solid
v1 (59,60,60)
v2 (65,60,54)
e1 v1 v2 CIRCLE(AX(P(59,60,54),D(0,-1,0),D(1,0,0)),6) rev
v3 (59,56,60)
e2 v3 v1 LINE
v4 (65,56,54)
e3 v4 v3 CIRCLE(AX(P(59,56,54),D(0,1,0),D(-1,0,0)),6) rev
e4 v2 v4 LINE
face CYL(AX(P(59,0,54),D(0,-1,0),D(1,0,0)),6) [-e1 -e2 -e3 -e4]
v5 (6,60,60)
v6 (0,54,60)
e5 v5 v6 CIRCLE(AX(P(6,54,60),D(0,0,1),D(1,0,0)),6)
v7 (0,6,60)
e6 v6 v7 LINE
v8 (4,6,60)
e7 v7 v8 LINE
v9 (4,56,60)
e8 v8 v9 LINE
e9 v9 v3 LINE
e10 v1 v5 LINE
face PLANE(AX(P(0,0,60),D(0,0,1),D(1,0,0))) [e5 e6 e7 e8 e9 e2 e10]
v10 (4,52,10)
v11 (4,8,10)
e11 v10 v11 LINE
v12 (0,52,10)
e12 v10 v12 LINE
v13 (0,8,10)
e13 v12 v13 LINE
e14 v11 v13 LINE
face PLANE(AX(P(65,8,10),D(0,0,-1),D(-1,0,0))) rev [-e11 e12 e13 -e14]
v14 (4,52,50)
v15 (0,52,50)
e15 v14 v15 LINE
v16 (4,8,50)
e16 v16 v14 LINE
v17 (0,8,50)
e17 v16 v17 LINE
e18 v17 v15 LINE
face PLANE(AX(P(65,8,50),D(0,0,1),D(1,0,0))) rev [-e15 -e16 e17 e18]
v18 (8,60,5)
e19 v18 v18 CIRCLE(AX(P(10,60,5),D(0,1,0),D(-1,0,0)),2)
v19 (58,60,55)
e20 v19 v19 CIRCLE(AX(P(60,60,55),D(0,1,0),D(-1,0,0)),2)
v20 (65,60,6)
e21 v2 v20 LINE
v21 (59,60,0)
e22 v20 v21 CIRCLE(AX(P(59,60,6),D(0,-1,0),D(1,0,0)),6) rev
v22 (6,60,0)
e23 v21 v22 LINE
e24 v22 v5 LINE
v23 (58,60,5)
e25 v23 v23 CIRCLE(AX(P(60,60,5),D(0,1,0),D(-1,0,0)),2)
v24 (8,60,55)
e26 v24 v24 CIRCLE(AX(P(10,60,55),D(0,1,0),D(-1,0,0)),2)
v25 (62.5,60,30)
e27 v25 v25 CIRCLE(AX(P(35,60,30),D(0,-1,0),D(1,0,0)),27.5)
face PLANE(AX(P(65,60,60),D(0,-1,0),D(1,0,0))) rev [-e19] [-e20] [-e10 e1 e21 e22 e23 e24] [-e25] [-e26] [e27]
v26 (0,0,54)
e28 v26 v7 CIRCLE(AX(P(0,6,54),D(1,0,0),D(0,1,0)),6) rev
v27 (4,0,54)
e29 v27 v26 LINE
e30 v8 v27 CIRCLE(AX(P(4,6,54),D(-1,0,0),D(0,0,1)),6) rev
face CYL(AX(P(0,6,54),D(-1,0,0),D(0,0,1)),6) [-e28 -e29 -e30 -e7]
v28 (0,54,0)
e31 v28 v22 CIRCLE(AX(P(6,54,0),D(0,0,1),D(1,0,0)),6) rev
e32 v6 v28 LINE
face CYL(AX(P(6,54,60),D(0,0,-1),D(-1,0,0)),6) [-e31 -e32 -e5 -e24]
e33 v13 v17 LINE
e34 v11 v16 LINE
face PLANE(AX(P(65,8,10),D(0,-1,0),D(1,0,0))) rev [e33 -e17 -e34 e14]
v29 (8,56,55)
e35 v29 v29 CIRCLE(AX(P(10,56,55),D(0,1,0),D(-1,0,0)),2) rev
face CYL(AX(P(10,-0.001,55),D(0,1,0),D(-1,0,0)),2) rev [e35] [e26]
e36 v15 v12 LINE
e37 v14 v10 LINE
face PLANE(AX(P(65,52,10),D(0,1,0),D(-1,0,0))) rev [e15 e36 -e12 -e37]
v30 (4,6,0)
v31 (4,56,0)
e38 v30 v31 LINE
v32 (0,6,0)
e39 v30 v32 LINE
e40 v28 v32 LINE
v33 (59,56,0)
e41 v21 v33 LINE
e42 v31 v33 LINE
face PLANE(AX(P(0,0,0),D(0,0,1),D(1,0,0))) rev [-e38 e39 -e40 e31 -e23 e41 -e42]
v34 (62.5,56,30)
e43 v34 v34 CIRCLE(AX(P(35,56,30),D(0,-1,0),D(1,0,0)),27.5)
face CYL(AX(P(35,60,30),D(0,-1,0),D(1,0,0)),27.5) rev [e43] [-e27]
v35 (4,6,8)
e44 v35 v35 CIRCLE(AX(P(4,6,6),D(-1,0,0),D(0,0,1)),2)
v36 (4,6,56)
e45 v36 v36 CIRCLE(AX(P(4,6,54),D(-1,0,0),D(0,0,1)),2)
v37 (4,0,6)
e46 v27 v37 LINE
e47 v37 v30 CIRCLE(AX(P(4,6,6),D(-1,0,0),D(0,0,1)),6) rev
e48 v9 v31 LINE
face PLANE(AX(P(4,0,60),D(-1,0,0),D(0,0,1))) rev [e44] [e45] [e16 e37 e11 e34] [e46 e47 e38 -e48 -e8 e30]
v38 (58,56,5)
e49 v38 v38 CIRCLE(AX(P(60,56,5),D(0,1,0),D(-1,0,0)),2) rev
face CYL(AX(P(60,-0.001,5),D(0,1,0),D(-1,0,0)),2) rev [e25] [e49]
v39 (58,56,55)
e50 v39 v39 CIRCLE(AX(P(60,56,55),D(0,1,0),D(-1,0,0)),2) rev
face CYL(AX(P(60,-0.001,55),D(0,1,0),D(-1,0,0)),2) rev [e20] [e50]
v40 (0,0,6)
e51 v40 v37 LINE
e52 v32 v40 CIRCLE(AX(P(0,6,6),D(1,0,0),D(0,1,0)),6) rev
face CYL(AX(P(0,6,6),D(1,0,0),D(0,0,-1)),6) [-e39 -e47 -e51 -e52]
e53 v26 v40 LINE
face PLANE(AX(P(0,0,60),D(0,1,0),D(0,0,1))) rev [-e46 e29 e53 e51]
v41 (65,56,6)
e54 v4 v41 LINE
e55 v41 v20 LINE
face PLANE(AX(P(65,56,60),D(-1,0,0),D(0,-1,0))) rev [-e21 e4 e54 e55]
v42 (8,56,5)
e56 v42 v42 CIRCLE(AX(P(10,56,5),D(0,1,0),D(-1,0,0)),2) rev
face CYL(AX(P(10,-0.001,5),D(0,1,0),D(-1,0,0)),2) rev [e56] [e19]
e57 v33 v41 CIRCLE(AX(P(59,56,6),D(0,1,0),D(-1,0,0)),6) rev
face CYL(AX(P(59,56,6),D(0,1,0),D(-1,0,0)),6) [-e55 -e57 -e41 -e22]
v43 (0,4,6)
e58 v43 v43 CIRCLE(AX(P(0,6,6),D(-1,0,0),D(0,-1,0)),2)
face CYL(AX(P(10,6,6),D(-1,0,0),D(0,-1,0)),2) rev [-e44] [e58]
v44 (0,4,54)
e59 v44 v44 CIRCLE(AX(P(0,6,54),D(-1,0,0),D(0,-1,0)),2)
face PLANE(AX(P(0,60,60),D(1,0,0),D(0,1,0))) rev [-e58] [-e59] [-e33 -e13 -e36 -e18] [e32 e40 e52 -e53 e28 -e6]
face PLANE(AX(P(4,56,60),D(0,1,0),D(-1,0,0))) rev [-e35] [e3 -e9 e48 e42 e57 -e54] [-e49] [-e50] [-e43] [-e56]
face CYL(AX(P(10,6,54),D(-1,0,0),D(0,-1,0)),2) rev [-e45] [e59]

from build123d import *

# Parameters (mm, degrees)
RESSALTO_EXTRUS_O1_DEPTH = 60
ESBO_O2_W                = 40
ESBO_O2_H                = 44
CORTE_EXTRUS_O1_DEPTH    = 66
CORTE_EXTRUS_O3_REACH    = 62
ESBO_O4_R                = 2
ESBO_O5_R                = 27.5
CORTE_EXTRUS_O4_DEPTH    = 5
ESBO_O6_R                = 2
CORTE_EXTRUS_O5_DEPTH    = 10
FILETE2_R                = 6


with BuildPart() as part:
    # Esboço1 → Ressalto-extrusão1 (new body)
    with BuildSketch(Plane.XY):
        Polygon((0, 0), (4, 0), (4, 56), (65, 56), (65, 60), (0, 60), align=None)
    extrude(amount=RESSALTO_EXTRUS_O1_DEPTH)

    # Esboço2 → Corte-extrusão1 (cut, through all)
    with BuildSketch(Plane.ZY):
        with Locations((30, 30)):
            Rectangle(ESBO_O2_W, ESBO_O2_H)
    extrude(amount=-CORTE_EXTRUS_O1_DEPTH, mode=Mode.SUBTRACT)

    # Esboço4 → Corte-extrusão3 (cut, up to next)
    with BuildSketch(Plane.ZX.offset(60), mode=Mode.PRIVATE) as corte_extrus_o3_sk1:
        with Locations((5, 60)):
            Circle(ESBO_O4_R)
    corte_extrus_o3_tool1 = extrude(corte_extrus_o3_sk1.sketch, amount=-CORTE_EXTRUS_O3_REACH, mode=Mode.PRIVATE) & part.part
    add(corte_extrus_o3_tool1.solids().sort_by_distance((60, 60, 5))[0], mode=Mode.SUBTRACT)
    # Esboço4 → Corte-extrusão3 (cut, up to next)
    with BuildSketch(Plane.ZX.offset(60), mode=Mode.PRIVATE) as corte_extrus_o3_sk2:
        with Locations((55, 60)):
            Circle(ESBO_O4_R)
    corte_extrus_o3_tool2 = extrude(corte_extrus_o3_sk2.sketch, amount=-CORTE_EXTRUS_O3_REACH, mode=Mode.PRIVATE) & part.part
    add(corte_extrus_o3_tool2.solids().sort_by_distance((60, 60, 55))[0], mode=Mode.SUBTRACT)
    # Esboço4 → Corte-extrusão3 (cut, up to next)
    with BuildSketch(Plane.ZX.offset(60), mode=Mode.PRIVATE) as corte_extrus_o3_sk3:
        with Locations((5, 10)):
            Circle(ESBO_O4_R)
    corte_extrus_o3_tool3 = extrude(corte_extrus_o3_sk3.sketch, amount=-CORTE_EXTRUS_O3_REACH, mode=Mode.PRIVATE) & part.part
    add(corte_extrus_o3_tool3.solids().sort_by_distance((10, 60, 5))[0], mode=Mode.SUBTRACT)
    # Esboço4 → Corte-extrusão3 (cut, up to next)
    with BuildSketch(Plane.ZX.offset(60), mode=Mode.PRIVATE) as corte_extrus_o3_sk4:
        with Locations((55, 10)):
            Circle(ESBO_O4_R)
    corte_extrus_o3_tool4 = extrude(corte_extrus_o3_sk4.sketch, amount=-CORTE_EXTRUS_O3_REACH, mode=Mode.PRIVATE) & part.part
    add(corte_extrus_o3_tool4.solids().sort_by_distance((10, 60, 55))[0], mode=Mode.SUBTRACT)

    # Esboço5 → Corte-extrusão4 (cut, through all)
    with BuildSketch(Plane(origin=(0, 56, 0), x_dir=(0, 0, -1), z_dir=(0, -1, 0))):
        with Locations((-30, 35)):
            Circle(ESBO_O5_R)
    extrude(amount=-CORTE_EXTRUS_O4_DEPTH, mode=Mode.SUBTRACT)

    # Esboço6 → Corte-extrusão5 (cut)
    with BuildSketch(Plane.ZY):
        with Locations((6, 6)):
            Circle(ESBO_O6_R)
        with Locations((54, 6)):
            Circle(ESBO_O6_R)
    extrude(amount=-CORTE_EXTRUS_O5_DEPTH, mode=Mode.SUBTRACT)

    # Filete2
    filete2_edges = [part.edges().sort_by_distance(p)[0] for p in [
        (0, 60, 30),
        (65, 58, 60),
        (65, 58, 0),
        (2, 0, 60),
        (2, 0, 0),
    ]]
    fillet(filete2_edges, radius=FILETE2_R)


solid = part.part
